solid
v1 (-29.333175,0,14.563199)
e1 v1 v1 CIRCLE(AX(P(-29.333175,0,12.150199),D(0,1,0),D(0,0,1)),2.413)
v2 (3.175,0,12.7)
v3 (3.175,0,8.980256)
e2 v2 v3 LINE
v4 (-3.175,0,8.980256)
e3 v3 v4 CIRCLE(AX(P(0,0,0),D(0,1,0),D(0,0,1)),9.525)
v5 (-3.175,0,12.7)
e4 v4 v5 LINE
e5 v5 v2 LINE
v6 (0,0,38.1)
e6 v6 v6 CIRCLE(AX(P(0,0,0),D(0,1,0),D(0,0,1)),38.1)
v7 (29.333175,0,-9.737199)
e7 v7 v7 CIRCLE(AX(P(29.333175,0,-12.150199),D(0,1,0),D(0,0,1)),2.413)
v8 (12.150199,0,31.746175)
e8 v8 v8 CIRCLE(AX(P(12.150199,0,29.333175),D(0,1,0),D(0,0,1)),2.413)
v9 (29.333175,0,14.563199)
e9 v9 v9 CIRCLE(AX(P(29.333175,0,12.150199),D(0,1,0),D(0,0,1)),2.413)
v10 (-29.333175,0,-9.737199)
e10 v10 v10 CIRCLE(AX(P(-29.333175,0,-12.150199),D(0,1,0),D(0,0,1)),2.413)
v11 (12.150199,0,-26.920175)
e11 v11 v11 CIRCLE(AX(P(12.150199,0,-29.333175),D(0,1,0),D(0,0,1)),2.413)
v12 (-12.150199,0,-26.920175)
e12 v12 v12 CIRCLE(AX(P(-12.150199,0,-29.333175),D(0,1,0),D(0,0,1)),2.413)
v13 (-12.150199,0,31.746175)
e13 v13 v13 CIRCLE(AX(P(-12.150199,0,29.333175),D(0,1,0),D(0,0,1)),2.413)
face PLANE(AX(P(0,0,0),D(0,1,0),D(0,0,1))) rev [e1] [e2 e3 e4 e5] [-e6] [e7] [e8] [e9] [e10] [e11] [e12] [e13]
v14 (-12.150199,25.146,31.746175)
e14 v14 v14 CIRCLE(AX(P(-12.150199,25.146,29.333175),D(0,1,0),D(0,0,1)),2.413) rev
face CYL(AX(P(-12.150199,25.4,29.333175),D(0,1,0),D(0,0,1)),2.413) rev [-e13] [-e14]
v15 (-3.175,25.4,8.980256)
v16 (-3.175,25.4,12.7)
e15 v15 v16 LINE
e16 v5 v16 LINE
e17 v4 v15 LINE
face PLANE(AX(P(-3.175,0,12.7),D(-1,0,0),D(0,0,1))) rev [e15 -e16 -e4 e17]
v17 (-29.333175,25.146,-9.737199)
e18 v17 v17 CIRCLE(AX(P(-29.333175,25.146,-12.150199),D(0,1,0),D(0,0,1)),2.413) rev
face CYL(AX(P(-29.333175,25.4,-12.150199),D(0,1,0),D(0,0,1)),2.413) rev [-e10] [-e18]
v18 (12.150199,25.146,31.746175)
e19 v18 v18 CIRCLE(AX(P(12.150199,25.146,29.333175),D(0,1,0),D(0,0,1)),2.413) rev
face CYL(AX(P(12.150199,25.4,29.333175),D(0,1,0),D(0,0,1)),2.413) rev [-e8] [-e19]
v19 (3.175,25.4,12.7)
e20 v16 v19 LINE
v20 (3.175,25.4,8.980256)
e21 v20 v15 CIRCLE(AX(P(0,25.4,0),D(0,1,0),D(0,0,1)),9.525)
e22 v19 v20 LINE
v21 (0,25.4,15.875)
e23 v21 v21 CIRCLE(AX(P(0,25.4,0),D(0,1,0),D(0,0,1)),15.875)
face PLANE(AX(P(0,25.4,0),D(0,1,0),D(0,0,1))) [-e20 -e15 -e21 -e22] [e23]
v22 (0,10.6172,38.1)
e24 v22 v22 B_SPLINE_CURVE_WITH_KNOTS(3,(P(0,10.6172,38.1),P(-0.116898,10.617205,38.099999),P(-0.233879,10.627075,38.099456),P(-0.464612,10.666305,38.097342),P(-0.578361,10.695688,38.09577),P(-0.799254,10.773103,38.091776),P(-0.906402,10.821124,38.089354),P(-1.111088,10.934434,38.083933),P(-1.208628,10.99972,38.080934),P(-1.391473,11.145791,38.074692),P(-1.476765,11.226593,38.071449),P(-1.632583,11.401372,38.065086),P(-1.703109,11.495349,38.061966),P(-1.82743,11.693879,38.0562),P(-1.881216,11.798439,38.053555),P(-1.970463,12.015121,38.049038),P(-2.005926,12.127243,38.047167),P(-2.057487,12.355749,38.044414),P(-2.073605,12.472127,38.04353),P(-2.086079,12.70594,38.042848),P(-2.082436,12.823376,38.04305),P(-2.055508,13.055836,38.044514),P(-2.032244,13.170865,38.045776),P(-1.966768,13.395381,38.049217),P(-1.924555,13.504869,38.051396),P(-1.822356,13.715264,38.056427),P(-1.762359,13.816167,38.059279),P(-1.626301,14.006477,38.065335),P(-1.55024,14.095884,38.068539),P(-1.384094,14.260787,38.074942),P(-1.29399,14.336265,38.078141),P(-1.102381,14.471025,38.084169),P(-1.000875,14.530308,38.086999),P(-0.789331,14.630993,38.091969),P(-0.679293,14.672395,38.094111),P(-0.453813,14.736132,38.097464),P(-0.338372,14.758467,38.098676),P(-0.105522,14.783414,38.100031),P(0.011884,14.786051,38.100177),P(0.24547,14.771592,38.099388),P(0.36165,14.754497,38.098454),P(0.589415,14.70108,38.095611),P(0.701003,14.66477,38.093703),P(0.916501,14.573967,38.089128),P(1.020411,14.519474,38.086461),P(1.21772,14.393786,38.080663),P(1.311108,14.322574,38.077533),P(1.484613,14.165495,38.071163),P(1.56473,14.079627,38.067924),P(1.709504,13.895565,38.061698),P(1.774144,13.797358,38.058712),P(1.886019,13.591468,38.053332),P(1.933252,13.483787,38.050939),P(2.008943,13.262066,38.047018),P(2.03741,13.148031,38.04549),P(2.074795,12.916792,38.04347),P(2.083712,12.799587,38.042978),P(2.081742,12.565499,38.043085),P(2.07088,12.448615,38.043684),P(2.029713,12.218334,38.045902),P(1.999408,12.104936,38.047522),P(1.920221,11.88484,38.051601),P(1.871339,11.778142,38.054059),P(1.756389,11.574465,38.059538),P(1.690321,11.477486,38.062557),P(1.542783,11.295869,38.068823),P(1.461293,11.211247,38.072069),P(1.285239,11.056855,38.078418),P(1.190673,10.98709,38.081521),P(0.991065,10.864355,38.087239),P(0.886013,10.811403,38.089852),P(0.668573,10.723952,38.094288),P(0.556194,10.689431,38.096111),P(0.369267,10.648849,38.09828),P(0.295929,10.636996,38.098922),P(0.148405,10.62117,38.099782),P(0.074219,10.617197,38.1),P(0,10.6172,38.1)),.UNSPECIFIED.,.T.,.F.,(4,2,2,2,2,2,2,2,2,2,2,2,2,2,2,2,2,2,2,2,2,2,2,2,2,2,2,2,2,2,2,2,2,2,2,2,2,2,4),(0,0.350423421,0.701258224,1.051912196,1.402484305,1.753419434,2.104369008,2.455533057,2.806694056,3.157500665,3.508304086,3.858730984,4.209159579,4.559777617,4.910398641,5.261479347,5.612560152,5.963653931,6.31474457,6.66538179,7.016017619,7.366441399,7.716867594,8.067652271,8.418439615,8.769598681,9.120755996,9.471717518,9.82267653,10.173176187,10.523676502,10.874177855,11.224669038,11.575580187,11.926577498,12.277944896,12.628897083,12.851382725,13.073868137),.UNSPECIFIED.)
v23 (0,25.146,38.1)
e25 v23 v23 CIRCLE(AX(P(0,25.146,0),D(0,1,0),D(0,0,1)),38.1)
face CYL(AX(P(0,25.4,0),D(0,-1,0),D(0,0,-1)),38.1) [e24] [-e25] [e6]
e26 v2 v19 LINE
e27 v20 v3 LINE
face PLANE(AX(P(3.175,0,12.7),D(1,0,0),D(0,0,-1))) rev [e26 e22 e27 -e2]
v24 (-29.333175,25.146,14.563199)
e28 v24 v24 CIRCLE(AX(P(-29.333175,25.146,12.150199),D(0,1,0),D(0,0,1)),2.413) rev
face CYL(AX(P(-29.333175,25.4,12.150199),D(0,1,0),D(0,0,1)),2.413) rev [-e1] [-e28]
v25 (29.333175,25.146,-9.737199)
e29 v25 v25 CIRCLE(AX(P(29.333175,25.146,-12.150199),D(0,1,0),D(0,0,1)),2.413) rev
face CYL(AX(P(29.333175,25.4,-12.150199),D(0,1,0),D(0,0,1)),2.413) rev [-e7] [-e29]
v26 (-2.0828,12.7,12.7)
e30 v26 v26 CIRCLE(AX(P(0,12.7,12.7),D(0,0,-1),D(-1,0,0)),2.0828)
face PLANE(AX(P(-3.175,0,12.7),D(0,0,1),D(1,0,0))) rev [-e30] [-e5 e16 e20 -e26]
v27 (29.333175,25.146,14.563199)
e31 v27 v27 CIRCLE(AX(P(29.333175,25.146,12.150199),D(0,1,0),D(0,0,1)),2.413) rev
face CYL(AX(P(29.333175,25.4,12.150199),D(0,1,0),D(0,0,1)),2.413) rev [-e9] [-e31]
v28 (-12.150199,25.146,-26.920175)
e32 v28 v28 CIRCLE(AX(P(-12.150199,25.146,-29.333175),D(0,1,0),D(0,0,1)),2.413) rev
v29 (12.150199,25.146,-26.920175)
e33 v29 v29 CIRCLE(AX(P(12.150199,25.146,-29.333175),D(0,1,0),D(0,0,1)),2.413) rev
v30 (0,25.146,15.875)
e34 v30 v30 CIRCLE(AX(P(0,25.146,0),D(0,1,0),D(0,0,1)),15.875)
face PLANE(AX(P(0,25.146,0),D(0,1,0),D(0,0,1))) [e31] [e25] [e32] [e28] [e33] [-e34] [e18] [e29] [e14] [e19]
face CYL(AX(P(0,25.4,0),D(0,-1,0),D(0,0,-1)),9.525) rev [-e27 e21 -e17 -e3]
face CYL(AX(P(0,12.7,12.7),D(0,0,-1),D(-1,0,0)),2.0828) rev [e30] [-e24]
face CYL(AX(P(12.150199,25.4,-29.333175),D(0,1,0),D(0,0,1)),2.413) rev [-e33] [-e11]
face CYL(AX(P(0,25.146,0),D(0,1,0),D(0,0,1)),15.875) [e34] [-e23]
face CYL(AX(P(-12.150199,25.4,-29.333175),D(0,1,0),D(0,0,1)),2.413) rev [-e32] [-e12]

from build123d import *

# Parameters (mm, degrees)
SKETCH1_R              = 38.1
SKETCH1_R_2            = 9.525
BOSS_EXTRUDE1_DEPTH    = 25.4
F_10_32_TAPPED_HOLE1_D = 4.826
CIRPATTERN1_COUNT      = 8
SKETCH4_W              = 6.35
SKETCH4_H              = 6.35
CUT_EXTRUDE1_DEPTH     = 60.56828015
SKETCH5_W              = 2.0828
SKETCH5_H              = 25.4
SKETCH7_OUTSIDE_W      = 100.344
SKETCH7_OUTSIDE_H      = 100.344
SKETCH7_OUTSIDE_R      = 15.875
CUT_EXTRUDE2_DEPTH     = 0.254


with BuildPart() as part:
    # Sketch1 → Boss-Extrude1 (new body)
    with BuildSketch(Plane(origin=(0, 0, 0), x_dir=(1, 0, 0), z_dir=(0, 1, 0))):
        with Locations(Location((0, 0, 0), (0, 0, 270))):
            Circle(SKETCH1_R)
        with Locations(Location((0, 0, 0), (0, 0, 270))):
            Circle(SKETCH1_R_2, mode=Mode.SUBTRACT)
    extrude(amount=BOSS_EXTRUDE1_DEPTH)

    # #10-32 Tapped Hole1 (through all)
    with Locations(Plane(origin=(0, 25.4, 0), x_dir=(-1, 0, 0), z_dir=(0, 1, 0))):
        with Locations((29.333175157, -12.150198978)):
            f_10_32_tapped_hole1 = Hole(F_10_32_TAPPED_HOLE1_D / 2)

    # CirPattern1: #10-32 Tapped Hole1 ×8 about axis
    cirpattern1_axis = Axis((0, 0, 0), (0, 1, 0))
    for i in range(1, CIRPATTERN1_COUNT):
        add(f_10_32_tapped_hole1.rotate(cirpattern1_axis, i * 360 / CIRPATTERN1_COUNT), mode=Mode.SUBTRACT)

    # Sketch4 → Cut-Extrude1 (cut, through all)
    with BuildSketch(Plane(origin=(0, 25.4, 0), x_dir=(1, 0, 0), z_dir=(0, 1, 0))):
        with Locations((0, -9.525)):
            Rectangle(SKETCH4_W, SKETCH4_H)
    extrude(amount=-CUT_EXTRUDE1_DEPTH, mode=Mode.SUBTRACT)

    # Sketch5 → #8-32 Tapped Hole1 (revolve, cut)
    with BuildSketch(Plane(origin=(0, 12.7, 12.7), x_dir=(0, 1, 0), z_dir=(1, 0, 0))):
        with Locations((1.0414, 12.7)):
            Rectangle(SKETCH5_W, SKETCH5_H)
    revolve(axis=Axis((0, 12.7, 6.35), (0, 0, 1)), mode=Mode.SUBTRACT)

    # Sketch7 outside → Cut-Extrude2 (cut)
    with BuildSketch(Plane(origin=(0, 25.4, 0), x_dir=(1, 0, 0), z_dir=(0, 1, 0))):
        Rectangle(SKETCH7_OUTSIDE_W, SKETCH7_OUTSIDE_H)
        with Locations(Location((0, 0, 0), (0, 0, 270))):
            Circle(SKETCH7_OUTSIDE_R, mode=Mode.SUBTRACT)
    extrude(amount=-CUT_EXTRUDE2_DEPTH, mode=Mode.SUBTRACT)


solid = part.part
